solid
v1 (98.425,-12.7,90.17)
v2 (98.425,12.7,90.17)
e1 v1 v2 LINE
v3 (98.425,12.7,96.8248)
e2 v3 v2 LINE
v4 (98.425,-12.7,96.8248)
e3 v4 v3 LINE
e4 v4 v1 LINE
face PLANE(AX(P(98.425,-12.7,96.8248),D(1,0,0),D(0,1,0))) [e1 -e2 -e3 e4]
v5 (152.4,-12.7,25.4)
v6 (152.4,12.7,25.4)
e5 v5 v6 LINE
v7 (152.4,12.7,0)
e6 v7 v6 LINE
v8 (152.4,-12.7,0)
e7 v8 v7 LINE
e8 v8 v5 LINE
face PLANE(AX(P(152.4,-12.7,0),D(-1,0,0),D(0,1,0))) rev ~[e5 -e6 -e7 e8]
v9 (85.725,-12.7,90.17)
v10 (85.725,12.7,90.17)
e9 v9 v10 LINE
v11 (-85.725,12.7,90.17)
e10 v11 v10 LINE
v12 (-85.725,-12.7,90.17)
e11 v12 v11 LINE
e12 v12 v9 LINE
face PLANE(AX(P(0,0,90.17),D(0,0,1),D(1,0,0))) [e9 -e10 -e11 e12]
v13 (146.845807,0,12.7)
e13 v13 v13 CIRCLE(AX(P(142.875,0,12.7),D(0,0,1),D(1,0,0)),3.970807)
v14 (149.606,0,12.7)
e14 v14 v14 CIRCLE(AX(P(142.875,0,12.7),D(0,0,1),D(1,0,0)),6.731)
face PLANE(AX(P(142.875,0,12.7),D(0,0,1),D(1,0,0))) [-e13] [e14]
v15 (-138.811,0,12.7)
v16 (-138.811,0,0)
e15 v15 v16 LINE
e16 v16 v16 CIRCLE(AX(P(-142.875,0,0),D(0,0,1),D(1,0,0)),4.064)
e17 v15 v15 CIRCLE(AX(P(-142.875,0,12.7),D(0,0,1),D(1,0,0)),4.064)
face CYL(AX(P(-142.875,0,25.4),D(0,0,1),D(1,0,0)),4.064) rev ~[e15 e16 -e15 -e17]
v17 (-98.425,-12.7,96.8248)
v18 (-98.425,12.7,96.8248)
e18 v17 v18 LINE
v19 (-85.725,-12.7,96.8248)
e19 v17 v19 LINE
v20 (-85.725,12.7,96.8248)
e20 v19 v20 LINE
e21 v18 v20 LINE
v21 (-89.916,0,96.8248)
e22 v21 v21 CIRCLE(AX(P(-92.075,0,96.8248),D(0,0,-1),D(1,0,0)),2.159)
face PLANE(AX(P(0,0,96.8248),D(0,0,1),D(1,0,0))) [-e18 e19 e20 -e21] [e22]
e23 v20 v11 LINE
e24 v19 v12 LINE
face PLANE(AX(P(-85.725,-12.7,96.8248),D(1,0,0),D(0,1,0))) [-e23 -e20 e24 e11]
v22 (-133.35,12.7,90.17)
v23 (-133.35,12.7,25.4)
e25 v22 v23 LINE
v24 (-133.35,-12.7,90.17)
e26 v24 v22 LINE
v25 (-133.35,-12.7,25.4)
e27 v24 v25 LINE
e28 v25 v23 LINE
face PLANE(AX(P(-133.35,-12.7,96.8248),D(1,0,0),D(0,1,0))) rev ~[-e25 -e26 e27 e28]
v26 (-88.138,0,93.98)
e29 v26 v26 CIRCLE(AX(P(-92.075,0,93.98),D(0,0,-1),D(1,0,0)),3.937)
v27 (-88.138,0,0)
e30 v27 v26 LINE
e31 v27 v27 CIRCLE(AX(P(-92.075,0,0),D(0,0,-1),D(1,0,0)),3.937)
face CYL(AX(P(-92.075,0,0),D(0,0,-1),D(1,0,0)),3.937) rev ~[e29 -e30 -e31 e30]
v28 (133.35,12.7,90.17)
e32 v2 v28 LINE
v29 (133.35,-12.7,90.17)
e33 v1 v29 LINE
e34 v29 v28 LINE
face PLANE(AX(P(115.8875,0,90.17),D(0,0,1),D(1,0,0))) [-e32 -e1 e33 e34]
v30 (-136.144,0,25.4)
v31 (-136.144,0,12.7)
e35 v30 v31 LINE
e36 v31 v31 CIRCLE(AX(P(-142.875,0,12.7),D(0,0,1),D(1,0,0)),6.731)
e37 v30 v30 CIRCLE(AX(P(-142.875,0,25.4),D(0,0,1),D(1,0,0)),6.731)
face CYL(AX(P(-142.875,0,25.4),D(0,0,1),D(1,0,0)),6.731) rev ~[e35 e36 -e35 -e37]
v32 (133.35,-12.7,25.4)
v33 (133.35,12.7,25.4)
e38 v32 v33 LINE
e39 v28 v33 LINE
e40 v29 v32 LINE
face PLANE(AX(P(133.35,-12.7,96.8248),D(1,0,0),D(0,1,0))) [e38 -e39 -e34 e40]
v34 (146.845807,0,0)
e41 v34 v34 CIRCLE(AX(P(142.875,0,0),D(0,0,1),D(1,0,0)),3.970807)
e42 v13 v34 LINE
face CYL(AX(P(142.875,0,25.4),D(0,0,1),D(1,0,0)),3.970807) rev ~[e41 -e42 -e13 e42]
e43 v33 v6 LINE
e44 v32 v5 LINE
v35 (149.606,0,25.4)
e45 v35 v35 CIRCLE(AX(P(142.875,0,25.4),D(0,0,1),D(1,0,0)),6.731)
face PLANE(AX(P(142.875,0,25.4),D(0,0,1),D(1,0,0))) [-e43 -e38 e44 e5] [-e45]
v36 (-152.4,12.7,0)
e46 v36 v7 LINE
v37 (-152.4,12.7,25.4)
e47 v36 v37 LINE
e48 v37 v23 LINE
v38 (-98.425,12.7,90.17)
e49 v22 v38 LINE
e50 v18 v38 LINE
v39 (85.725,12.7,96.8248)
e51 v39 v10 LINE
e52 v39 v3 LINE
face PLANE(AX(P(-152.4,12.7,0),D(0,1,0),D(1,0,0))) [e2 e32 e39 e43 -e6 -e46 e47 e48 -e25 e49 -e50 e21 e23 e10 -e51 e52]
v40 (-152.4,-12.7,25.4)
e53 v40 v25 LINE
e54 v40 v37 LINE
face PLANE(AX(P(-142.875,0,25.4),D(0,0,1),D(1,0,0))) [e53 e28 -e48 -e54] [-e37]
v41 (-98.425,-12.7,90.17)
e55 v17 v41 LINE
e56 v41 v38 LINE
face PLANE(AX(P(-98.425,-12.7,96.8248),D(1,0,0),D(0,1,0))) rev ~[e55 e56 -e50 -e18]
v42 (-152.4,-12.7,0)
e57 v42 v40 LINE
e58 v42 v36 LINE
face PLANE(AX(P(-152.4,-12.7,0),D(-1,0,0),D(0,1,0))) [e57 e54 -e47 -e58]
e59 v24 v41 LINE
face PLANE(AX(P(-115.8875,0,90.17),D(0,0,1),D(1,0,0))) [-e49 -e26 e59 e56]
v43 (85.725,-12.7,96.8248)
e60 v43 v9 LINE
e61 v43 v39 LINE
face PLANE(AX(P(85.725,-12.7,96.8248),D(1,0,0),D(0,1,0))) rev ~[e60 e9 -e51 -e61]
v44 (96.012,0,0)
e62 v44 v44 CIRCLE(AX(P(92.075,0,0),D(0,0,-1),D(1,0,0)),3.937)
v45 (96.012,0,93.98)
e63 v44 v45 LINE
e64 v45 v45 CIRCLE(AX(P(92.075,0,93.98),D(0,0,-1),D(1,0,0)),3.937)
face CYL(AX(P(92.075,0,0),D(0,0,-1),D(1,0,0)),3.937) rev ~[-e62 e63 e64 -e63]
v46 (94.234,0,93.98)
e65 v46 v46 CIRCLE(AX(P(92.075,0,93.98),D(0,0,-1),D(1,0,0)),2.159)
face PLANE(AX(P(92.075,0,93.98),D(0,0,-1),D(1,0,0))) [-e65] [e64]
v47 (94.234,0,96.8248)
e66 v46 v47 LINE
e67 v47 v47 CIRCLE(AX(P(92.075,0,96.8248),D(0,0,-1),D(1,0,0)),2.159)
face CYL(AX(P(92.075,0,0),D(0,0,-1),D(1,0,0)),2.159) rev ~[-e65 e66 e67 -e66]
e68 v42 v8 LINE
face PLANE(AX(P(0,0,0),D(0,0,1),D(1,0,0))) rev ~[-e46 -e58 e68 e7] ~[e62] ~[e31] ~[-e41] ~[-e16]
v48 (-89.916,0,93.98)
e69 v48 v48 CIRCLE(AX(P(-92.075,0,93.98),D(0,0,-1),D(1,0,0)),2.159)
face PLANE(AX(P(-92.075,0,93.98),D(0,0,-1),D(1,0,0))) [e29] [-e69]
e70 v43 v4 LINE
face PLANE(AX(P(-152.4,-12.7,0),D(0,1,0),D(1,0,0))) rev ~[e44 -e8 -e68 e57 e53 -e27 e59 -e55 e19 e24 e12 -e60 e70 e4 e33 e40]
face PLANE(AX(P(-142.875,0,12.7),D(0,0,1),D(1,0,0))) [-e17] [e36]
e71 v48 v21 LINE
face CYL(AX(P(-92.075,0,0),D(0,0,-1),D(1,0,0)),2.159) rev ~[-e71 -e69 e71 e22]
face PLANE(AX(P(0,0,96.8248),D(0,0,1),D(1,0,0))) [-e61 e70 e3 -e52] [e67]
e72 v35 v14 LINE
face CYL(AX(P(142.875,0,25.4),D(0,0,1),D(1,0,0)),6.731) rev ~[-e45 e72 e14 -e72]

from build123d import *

# Parameters (mm, degrees)
F0_W      = 304.8
F0_H      = 25.4
F1_DEPTH  = 96.8248
F2_W      = 19.05
F2_H      = 25.4
F3_DEPTH  = 71.4248
F4_W      = 34.925
F4_H      = 25.4
F4_W_2    = 171.45
F5_DEPTH  = 6.6548
F6_R      = 2.159
F7_DEPTH  = 96.8258
F8_R      = 3.937
F9_DEPTH  = 93.98
F10_R     = 3.970807
F10_R_2   = 4.064
F11_DEPTH = 25.401
F10_R_3   = 6.731
F12_DEPTH = 12.7


with BuildPart() as f1:
    # F0 (on Top) → F1 (new body)
    with BuildSketch(Plane.XY):
        Rectangle(F0_W, F0_H)
    extrude(amount=F1_DEPTH)

    # F2 (on face) → F3 (cut)
    with BuildSketch(Plane.XY.offset(96.8248)):
        with Locations((-142.875, 0)):
            Rectangle(F2_W, F2_H)
        with Locations((142.875, 0)):
            Rectangle(F2_W, F2_H)
    extrude(amount=-F3_DEPTH, mode=Mode.SUBTRACT)

    # F4 (on face) → F5 (cut)
    with BuildSketch(Plane.XY.offset(96.8248)):
        with Locations((-115.8875, 0)):
            Rectangle(F4_W, F4_H)
        Rectangle(F4_W_2, F4_H)
        with Locations((115.8875, 0)):
            Rectangle(F4_W, F4_H)
    extrude(amount=-F5_DEPTH, mode=Mode.SUBTRACT)

    # F6 (on face) → F7 (cut, through all)
    with BuildSketch(Plane(origin=(0, 0, 0), x_dir=(1, 0, 0), z_dir=(0, 0, -1))):
        with Locations((-92.075, 0)):
            Circle(F6_R)
        with Locations((92.075, 0)):
            Circle(F6_R)
    extrude(amount=-F7_DEPTH, mode=Mode.SUBTRACT)

    # F8 (on face) → F9 (cut)
    with BuildSketch(Plane(origin=(0, 0, 0), x_dir=(1, 0, 0), z_dir=(0, 0, -1))):
        with Locations((-92.075, 0)):
            Circle(F8_R)
        with Locations((92.075, 0)):
            Circle(F8_R)
    extrude(amount=-F9_DEPTH, mode=Mode.SUBTRACT)

    # F10 (on face) → F11 (cut, through all)
    with BuildSketch(Plane.XY.offset(25.4)):
        with Locations((142.875, 0)):
            Circle(F10_R)
        with Locations((-142.875, 0)):
            Circle(F10_R_2)
    extrude(amount=-F11_DEPTH, mode=Mode.SUBTRACT)

    # F10 (on face) → F12 (cut)
    with BuildSketch(Plane.XY.offset(25.4)):
        with Locations((-142.875, 0)):
            Circle(F10_R_3)
        with Locations((-142.875, 0)):
            Circle(F10_R_2, mode=Mode.SUBTRACT)
        with Locations((142.875, 0)):
            Circle(F10_R_3)
        with Locations((142.875, 0)):
            Circle(F10_R, mode=Mode.SUBTRACT)
    extrude(amount=-F12_DEPTH, mode=Mode.SUBTRACT)


solid = f1.part
